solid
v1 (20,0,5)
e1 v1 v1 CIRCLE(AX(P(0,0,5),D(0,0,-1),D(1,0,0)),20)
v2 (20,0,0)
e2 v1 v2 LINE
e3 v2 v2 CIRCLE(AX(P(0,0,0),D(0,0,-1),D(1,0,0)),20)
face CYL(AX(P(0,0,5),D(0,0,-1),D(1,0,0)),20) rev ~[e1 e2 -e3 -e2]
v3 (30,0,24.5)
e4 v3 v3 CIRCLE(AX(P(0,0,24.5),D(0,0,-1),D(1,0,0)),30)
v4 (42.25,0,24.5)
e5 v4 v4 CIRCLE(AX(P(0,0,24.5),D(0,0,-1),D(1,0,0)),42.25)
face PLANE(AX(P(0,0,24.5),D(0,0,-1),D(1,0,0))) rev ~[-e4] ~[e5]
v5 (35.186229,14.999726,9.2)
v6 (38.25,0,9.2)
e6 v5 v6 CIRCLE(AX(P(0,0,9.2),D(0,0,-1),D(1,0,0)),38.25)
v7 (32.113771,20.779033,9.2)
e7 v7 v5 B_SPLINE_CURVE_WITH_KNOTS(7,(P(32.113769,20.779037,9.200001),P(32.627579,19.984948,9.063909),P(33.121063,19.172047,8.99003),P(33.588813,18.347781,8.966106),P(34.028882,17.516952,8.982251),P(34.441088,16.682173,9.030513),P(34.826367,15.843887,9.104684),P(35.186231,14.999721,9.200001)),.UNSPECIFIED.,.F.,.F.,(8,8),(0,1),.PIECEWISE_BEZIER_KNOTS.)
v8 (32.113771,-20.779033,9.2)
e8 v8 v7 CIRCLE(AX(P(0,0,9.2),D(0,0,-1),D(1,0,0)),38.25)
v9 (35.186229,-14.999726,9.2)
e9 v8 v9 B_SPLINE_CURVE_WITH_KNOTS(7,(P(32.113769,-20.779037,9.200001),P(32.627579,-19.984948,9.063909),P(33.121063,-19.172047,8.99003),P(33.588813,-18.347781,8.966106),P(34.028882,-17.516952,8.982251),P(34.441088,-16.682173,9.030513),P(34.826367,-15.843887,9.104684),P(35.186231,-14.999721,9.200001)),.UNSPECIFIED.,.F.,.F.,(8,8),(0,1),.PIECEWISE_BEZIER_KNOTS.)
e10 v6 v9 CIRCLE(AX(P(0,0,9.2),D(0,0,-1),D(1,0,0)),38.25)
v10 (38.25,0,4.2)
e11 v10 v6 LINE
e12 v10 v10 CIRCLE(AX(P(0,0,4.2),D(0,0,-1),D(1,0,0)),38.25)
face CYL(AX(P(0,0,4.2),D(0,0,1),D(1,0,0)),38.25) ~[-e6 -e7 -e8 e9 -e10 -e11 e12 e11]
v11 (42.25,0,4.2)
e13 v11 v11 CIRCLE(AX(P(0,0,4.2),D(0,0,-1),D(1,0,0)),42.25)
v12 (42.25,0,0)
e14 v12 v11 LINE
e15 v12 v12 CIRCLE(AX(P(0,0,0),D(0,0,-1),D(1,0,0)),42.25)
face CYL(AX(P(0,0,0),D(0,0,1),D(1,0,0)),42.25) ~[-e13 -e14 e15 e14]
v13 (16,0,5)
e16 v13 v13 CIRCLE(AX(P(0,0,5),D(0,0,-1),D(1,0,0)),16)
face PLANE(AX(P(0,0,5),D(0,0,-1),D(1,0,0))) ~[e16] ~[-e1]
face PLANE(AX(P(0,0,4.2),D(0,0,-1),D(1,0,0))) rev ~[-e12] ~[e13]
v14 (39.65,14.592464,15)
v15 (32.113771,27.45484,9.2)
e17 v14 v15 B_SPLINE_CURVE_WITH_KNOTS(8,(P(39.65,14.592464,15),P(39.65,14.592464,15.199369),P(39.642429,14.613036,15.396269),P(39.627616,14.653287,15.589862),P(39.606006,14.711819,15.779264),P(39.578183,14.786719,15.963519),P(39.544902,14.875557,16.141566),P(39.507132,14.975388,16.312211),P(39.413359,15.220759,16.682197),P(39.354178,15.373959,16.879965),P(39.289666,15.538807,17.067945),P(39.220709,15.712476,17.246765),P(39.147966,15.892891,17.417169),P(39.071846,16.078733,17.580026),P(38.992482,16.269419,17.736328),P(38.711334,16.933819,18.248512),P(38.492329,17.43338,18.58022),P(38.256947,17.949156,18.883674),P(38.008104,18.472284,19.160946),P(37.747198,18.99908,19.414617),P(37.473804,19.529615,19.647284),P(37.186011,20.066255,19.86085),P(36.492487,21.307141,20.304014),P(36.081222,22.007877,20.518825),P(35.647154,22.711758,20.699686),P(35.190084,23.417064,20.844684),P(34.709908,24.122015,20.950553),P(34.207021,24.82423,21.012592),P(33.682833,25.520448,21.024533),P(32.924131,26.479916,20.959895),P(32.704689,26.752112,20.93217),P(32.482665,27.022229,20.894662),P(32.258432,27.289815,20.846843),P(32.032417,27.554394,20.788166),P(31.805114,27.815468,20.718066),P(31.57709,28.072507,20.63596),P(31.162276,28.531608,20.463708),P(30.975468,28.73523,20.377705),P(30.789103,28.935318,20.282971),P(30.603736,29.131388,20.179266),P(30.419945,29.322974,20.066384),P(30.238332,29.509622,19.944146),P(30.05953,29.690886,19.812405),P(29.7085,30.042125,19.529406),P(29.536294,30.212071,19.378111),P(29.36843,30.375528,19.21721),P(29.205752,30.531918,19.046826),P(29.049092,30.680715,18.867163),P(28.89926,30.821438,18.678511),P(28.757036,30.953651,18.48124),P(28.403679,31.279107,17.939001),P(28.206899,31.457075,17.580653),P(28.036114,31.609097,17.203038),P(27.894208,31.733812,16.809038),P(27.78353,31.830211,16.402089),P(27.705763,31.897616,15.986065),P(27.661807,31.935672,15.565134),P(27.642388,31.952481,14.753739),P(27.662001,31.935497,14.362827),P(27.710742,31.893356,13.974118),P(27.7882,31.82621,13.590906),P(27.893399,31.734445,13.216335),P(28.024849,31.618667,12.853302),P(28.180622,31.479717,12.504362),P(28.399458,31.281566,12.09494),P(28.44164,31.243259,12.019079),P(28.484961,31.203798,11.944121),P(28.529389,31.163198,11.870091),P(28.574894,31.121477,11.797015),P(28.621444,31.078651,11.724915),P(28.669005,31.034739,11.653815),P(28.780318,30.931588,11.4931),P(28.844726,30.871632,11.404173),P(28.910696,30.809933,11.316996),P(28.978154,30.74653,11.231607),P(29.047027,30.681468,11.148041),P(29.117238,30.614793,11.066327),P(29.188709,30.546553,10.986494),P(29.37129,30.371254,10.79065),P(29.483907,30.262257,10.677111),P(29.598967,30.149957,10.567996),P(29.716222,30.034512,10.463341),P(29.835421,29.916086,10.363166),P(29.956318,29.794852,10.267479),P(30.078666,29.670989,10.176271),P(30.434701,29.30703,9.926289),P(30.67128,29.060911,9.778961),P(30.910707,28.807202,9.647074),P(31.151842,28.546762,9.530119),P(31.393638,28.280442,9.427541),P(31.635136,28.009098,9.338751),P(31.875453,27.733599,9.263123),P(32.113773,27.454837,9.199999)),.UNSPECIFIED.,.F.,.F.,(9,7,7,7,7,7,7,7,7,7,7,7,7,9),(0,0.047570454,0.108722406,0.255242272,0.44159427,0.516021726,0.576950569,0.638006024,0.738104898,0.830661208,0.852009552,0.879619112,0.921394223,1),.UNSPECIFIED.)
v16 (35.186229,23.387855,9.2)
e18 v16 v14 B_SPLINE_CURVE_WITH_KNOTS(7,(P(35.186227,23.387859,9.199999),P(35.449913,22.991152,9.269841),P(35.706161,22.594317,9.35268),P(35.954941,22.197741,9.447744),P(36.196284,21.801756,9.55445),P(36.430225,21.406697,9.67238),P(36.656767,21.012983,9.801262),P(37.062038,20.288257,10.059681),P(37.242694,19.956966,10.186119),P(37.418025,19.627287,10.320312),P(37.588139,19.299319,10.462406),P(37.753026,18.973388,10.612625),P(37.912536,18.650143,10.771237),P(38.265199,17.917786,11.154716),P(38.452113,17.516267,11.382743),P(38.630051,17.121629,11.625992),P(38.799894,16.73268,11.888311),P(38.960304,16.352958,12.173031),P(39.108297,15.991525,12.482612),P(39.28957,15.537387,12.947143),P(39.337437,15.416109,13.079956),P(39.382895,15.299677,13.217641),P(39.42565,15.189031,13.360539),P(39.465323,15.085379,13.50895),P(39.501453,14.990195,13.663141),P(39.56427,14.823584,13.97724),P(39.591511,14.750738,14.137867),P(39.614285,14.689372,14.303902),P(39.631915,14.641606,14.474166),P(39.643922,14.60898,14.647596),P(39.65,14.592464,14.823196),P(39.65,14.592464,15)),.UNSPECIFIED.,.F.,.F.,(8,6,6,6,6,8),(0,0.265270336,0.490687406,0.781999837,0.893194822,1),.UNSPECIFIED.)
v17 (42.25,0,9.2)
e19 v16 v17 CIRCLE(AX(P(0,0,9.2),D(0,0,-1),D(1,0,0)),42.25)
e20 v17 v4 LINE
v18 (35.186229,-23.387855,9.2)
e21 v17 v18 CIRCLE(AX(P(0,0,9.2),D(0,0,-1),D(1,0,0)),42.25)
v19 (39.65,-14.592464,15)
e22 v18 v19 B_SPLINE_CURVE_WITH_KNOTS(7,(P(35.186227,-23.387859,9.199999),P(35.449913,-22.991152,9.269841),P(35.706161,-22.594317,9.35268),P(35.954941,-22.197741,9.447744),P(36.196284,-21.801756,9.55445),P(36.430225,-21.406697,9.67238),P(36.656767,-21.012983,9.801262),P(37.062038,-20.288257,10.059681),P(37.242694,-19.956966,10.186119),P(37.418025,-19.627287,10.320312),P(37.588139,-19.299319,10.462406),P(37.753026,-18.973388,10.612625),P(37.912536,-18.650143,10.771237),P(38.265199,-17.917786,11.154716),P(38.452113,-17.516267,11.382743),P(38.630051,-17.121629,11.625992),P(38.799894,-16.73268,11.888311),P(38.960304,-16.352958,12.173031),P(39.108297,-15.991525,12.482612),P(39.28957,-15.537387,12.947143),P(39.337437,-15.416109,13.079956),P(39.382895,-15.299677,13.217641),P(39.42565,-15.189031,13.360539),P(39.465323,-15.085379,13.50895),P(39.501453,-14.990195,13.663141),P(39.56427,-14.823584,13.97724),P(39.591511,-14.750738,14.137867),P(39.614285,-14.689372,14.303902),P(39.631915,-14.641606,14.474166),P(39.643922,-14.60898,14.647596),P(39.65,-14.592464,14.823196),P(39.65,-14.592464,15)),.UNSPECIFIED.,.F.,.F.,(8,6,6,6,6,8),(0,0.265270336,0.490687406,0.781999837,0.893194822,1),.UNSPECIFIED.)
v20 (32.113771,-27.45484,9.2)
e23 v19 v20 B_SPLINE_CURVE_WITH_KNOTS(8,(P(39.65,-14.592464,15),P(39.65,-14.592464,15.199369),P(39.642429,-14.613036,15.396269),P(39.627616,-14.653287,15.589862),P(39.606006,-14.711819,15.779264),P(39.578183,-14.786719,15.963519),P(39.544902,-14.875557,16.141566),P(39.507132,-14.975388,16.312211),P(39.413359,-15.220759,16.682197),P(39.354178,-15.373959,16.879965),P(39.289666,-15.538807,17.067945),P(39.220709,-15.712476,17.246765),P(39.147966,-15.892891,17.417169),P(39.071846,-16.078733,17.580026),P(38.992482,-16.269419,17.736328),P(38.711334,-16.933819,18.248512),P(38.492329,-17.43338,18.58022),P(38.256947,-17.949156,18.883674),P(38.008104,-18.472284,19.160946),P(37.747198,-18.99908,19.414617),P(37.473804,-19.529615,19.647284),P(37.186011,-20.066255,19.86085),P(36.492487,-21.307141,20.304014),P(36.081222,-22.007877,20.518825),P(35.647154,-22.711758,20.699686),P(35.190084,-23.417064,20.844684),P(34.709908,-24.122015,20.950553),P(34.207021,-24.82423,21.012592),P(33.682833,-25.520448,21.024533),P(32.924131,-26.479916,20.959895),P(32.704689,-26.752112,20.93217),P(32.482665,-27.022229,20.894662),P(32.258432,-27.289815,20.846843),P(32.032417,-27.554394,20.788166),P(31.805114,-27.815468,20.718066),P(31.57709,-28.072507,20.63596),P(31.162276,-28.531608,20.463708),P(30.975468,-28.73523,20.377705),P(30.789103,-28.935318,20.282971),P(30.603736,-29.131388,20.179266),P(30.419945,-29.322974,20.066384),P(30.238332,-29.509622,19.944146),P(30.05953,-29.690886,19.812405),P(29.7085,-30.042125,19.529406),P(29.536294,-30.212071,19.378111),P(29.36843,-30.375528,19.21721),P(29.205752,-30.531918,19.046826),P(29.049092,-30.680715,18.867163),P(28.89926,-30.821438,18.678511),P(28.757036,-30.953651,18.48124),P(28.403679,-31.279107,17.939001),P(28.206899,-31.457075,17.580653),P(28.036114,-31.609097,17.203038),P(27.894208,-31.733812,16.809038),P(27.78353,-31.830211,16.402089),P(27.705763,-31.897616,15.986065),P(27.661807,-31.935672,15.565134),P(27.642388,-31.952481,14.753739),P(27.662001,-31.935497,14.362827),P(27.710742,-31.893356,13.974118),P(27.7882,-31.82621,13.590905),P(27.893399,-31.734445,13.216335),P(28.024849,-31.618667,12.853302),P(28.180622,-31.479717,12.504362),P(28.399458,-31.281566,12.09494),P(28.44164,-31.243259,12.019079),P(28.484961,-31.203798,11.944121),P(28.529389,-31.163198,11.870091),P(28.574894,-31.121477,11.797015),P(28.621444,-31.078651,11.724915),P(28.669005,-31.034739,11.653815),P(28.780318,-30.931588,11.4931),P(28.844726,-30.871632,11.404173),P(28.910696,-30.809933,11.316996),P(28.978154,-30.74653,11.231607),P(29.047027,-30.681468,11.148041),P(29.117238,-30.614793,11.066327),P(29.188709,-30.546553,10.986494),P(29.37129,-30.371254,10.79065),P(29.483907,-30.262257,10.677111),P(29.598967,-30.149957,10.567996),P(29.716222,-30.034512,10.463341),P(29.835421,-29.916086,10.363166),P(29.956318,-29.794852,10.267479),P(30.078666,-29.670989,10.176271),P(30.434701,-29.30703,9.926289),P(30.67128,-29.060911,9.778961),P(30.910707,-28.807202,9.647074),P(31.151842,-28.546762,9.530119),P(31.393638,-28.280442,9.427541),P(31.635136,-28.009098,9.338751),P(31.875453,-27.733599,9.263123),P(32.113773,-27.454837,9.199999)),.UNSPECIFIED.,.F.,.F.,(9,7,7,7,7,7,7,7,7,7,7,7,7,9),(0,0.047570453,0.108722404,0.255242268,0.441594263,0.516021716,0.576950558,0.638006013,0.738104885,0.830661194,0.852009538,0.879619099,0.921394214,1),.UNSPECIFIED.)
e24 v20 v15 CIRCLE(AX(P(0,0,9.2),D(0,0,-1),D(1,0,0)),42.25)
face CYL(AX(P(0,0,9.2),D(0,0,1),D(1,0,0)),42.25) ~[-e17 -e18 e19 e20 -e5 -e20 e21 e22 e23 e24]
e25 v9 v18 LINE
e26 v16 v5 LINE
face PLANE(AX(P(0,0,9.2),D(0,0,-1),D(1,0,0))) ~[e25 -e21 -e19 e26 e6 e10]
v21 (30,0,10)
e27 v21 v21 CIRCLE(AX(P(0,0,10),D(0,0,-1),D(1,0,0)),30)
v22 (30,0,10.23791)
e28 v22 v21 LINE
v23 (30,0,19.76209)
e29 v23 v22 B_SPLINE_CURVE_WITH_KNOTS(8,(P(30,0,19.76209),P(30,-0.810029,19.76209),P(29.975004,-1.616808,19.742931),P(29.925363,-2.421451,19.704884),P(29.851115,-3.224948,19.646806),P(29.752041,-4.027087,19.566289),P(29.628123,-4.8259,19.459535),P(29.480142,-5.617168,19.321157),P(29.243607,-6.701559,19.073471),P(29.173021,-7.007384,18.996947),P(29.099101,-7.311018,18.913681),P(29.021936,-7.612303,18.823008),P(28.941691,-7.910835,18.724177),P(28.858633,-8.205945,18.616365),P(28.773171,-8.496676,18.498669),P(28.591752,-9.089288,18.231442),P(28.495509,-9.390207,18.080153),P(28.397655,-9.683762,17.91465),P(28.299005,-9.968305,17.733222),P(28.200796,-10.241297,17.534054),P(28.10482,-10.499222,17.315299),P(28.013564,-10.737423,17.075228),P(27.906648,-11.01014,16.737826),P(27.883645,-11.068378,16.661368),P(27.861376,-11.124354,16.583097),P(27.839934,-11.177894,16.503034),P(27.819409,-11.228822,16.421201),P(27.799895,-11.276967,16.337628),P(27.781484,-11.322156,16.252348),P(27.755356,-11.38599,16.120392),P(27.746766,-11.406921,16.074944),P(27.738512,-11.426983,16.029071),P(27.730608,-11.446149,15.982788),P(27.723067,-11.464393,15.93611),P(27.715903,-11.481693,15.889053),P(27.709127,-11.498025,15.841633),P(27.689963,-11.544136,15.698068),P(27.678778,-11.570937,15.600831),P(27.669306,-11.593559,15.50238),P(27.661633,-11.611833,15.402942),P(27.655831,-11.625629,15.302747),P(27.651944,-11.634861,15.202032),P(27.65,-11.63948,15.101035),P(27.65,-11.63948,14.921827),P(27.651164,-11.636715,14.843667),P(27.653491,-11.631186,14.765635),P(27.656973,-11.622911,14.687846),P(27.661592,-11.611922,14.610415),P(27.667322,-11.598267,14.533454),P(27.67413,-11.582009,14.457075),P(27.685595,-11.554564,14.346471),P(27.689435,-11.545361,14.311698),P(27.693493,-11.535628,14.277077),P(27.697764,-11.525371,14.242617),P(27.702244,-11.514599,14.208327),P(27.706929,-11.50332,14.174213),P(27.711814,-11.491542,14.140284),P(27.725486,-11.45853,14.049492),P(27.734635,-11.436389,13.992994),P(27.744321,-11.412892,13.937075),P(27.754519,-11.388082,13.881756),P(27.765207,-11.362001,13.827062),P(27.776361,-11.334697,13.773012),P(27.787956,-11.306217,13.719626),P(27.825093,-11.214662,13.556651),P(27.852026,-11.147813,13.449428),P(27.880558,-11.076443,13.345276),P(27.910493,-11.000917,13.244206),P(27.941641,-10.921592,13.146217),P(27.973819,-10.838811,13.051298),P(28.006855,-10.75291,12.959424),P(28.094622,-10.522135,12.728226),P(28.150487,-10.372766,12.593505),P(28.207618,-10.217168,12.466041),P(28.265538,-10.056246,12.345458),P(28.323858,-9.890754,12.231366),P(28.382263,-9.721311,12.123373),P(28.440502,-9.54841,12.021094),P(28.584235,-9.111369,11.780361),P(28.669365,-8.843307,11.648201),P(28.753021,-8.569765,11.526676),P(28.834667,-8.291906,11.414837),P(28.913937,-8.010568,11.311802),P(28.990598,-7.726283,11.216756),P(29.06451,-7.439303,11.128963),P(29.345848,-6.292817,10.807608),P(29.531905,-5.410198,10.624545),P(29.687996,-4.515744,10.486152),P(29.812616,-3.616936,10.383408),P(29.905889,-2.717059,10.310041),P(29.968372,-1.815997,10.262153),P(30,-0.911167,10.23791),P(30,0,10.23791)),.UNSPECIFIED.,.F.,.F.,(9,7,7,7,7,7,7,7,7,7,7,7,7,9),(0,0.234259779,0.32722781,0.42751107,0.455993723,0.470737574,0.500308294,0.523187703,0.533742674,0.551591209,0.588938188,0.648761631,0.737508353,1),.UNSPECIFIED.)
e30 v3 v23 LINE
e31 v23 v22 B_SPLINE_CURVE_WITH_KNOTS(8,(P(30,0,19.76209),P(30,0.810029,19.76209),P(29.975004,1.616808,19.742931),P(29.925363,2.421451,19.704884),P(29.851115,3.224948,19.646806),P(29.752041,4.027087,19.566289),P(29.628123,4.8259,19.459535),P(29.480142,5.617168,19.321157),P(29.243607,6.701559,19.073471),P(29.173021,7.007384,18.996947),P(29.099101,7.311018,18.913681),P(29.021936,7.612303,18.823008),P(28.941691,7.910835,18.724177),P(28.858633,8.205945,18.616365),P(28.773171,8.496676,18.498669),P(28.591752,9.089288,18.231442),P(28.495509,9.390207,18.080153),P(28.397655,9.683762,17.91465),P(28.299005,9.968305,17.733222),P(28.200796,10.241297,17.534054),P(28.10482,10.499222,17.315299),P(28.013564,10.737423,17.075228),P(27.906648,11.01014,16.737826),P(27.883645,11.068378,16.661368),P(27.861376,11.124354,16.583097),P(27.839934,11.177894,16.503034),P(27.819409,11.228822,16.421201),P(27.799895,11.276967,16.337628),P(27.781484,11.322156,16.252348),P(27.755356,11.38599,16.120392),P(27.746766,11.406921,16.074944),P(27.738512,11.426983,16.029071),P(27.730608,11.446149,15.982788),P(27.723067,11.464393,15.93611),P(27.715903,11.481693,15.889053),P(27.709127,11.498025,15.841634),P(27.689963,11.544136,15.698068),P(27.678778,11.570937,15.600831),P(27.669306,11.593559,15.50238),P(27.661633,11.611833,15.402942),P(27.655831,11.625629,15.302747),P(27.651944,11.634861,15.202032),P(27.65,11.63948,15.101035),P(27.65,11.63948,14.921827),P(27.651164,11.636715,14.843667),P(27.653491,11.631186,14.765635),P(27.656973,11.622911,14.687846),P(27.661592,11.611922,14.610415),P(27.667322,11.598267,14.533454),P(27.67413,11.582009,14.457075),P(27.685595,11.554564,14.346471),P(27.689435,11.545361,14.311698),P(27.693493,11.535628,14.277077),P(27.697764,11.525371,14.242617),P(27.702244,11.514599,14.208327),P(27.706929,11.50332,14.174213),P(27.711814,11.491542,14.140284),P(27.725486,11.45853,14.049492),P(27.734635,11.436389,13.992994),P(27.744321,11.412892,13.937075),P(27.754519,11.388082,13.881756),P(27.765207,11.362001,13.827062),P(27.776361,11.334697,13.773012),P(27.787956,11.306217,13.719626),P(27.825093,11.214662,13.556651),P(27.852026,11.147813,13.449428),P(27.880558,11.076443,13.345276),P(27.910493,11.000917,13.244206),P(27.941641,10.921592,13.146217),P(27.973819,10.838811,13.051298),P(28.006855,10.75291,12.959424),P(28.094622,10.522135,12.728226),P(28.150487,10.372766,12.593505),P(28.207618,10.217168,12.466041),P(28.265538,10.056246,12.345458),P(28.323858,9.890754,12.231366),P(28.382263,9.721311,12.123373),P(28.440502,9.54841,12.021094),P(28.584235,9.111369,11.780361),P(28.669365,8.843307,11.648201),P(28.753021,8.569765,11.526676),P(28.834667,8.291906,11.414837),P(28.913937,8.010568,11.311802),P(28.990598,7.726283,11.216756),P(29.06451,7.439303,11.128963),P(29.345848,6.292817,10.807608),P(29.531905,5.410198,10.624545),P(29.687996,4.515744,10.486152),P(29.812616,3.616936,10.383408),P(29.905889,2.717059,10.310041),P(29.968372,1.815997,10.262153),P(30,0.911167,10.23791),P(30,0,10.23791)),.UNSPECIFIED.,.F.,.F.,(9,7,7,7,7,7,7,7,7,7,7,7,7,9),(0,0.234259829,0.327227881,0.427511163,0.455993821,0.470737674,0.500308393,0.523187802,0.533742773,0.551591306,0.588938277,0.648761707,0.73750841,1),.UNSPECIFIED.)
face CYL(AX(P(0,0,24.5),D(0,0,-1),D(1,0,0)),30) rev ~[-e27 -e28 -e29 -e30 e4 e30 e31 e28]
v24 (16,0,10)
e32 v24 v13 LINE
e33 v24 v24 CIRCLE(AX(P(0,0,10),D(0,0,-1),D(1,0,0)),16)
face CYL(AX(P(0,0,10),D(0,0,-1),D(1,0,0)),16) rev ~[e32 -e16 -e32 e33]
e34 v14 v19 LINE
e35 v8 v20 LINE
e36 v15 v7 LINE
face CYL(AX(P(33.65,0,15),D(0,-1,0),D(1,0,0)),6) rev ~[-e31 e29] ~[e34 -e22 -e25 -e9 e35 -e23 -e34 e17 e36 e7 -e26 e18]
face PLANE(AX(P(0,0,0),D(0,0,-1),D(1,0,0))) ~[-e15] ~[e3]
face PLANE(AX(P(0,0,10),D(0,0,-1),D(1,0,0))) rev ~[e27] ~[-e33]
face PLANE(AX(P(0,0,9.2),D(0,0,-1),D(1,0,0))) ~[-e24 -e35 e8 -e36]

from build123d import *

# Parameters (mm, degrees)
F2_R     = 6
F3_DEPTH = 50


with BuildPart() as f1:
    # F0 (on Front) → F1 (revolve)
    with BuildSketch(Plane.XZ):
        Polygon((20, 5), (20, 0), (42.25, 0), (42.25, 4.2), (38.25, 4.2), (38.25, 9.2), (42.25, 9.2), (42.25, 24.5), (30, 24.5), (30, 10), (16, 10), (16, 5), align=None)
    revolve(axis=Axis((0, 0, 1.3315217948), (0, 0, -1)))


with BuildPart() as f3:
    # F2 (on Front) → F3 (new body, symmetric)
    with BuildSketch(Plane.XZ):
        with Locations((33.65, 15)):
            Circle(F2_R)
    extrude(amount=F3_DEPTH, both=True)


with BuildPart() as f1_1:
    add(f1.part)

    # F4: cut F3
    add(f3.part, mode=Mode.SUBTRACT)


solid = f1_1.part
